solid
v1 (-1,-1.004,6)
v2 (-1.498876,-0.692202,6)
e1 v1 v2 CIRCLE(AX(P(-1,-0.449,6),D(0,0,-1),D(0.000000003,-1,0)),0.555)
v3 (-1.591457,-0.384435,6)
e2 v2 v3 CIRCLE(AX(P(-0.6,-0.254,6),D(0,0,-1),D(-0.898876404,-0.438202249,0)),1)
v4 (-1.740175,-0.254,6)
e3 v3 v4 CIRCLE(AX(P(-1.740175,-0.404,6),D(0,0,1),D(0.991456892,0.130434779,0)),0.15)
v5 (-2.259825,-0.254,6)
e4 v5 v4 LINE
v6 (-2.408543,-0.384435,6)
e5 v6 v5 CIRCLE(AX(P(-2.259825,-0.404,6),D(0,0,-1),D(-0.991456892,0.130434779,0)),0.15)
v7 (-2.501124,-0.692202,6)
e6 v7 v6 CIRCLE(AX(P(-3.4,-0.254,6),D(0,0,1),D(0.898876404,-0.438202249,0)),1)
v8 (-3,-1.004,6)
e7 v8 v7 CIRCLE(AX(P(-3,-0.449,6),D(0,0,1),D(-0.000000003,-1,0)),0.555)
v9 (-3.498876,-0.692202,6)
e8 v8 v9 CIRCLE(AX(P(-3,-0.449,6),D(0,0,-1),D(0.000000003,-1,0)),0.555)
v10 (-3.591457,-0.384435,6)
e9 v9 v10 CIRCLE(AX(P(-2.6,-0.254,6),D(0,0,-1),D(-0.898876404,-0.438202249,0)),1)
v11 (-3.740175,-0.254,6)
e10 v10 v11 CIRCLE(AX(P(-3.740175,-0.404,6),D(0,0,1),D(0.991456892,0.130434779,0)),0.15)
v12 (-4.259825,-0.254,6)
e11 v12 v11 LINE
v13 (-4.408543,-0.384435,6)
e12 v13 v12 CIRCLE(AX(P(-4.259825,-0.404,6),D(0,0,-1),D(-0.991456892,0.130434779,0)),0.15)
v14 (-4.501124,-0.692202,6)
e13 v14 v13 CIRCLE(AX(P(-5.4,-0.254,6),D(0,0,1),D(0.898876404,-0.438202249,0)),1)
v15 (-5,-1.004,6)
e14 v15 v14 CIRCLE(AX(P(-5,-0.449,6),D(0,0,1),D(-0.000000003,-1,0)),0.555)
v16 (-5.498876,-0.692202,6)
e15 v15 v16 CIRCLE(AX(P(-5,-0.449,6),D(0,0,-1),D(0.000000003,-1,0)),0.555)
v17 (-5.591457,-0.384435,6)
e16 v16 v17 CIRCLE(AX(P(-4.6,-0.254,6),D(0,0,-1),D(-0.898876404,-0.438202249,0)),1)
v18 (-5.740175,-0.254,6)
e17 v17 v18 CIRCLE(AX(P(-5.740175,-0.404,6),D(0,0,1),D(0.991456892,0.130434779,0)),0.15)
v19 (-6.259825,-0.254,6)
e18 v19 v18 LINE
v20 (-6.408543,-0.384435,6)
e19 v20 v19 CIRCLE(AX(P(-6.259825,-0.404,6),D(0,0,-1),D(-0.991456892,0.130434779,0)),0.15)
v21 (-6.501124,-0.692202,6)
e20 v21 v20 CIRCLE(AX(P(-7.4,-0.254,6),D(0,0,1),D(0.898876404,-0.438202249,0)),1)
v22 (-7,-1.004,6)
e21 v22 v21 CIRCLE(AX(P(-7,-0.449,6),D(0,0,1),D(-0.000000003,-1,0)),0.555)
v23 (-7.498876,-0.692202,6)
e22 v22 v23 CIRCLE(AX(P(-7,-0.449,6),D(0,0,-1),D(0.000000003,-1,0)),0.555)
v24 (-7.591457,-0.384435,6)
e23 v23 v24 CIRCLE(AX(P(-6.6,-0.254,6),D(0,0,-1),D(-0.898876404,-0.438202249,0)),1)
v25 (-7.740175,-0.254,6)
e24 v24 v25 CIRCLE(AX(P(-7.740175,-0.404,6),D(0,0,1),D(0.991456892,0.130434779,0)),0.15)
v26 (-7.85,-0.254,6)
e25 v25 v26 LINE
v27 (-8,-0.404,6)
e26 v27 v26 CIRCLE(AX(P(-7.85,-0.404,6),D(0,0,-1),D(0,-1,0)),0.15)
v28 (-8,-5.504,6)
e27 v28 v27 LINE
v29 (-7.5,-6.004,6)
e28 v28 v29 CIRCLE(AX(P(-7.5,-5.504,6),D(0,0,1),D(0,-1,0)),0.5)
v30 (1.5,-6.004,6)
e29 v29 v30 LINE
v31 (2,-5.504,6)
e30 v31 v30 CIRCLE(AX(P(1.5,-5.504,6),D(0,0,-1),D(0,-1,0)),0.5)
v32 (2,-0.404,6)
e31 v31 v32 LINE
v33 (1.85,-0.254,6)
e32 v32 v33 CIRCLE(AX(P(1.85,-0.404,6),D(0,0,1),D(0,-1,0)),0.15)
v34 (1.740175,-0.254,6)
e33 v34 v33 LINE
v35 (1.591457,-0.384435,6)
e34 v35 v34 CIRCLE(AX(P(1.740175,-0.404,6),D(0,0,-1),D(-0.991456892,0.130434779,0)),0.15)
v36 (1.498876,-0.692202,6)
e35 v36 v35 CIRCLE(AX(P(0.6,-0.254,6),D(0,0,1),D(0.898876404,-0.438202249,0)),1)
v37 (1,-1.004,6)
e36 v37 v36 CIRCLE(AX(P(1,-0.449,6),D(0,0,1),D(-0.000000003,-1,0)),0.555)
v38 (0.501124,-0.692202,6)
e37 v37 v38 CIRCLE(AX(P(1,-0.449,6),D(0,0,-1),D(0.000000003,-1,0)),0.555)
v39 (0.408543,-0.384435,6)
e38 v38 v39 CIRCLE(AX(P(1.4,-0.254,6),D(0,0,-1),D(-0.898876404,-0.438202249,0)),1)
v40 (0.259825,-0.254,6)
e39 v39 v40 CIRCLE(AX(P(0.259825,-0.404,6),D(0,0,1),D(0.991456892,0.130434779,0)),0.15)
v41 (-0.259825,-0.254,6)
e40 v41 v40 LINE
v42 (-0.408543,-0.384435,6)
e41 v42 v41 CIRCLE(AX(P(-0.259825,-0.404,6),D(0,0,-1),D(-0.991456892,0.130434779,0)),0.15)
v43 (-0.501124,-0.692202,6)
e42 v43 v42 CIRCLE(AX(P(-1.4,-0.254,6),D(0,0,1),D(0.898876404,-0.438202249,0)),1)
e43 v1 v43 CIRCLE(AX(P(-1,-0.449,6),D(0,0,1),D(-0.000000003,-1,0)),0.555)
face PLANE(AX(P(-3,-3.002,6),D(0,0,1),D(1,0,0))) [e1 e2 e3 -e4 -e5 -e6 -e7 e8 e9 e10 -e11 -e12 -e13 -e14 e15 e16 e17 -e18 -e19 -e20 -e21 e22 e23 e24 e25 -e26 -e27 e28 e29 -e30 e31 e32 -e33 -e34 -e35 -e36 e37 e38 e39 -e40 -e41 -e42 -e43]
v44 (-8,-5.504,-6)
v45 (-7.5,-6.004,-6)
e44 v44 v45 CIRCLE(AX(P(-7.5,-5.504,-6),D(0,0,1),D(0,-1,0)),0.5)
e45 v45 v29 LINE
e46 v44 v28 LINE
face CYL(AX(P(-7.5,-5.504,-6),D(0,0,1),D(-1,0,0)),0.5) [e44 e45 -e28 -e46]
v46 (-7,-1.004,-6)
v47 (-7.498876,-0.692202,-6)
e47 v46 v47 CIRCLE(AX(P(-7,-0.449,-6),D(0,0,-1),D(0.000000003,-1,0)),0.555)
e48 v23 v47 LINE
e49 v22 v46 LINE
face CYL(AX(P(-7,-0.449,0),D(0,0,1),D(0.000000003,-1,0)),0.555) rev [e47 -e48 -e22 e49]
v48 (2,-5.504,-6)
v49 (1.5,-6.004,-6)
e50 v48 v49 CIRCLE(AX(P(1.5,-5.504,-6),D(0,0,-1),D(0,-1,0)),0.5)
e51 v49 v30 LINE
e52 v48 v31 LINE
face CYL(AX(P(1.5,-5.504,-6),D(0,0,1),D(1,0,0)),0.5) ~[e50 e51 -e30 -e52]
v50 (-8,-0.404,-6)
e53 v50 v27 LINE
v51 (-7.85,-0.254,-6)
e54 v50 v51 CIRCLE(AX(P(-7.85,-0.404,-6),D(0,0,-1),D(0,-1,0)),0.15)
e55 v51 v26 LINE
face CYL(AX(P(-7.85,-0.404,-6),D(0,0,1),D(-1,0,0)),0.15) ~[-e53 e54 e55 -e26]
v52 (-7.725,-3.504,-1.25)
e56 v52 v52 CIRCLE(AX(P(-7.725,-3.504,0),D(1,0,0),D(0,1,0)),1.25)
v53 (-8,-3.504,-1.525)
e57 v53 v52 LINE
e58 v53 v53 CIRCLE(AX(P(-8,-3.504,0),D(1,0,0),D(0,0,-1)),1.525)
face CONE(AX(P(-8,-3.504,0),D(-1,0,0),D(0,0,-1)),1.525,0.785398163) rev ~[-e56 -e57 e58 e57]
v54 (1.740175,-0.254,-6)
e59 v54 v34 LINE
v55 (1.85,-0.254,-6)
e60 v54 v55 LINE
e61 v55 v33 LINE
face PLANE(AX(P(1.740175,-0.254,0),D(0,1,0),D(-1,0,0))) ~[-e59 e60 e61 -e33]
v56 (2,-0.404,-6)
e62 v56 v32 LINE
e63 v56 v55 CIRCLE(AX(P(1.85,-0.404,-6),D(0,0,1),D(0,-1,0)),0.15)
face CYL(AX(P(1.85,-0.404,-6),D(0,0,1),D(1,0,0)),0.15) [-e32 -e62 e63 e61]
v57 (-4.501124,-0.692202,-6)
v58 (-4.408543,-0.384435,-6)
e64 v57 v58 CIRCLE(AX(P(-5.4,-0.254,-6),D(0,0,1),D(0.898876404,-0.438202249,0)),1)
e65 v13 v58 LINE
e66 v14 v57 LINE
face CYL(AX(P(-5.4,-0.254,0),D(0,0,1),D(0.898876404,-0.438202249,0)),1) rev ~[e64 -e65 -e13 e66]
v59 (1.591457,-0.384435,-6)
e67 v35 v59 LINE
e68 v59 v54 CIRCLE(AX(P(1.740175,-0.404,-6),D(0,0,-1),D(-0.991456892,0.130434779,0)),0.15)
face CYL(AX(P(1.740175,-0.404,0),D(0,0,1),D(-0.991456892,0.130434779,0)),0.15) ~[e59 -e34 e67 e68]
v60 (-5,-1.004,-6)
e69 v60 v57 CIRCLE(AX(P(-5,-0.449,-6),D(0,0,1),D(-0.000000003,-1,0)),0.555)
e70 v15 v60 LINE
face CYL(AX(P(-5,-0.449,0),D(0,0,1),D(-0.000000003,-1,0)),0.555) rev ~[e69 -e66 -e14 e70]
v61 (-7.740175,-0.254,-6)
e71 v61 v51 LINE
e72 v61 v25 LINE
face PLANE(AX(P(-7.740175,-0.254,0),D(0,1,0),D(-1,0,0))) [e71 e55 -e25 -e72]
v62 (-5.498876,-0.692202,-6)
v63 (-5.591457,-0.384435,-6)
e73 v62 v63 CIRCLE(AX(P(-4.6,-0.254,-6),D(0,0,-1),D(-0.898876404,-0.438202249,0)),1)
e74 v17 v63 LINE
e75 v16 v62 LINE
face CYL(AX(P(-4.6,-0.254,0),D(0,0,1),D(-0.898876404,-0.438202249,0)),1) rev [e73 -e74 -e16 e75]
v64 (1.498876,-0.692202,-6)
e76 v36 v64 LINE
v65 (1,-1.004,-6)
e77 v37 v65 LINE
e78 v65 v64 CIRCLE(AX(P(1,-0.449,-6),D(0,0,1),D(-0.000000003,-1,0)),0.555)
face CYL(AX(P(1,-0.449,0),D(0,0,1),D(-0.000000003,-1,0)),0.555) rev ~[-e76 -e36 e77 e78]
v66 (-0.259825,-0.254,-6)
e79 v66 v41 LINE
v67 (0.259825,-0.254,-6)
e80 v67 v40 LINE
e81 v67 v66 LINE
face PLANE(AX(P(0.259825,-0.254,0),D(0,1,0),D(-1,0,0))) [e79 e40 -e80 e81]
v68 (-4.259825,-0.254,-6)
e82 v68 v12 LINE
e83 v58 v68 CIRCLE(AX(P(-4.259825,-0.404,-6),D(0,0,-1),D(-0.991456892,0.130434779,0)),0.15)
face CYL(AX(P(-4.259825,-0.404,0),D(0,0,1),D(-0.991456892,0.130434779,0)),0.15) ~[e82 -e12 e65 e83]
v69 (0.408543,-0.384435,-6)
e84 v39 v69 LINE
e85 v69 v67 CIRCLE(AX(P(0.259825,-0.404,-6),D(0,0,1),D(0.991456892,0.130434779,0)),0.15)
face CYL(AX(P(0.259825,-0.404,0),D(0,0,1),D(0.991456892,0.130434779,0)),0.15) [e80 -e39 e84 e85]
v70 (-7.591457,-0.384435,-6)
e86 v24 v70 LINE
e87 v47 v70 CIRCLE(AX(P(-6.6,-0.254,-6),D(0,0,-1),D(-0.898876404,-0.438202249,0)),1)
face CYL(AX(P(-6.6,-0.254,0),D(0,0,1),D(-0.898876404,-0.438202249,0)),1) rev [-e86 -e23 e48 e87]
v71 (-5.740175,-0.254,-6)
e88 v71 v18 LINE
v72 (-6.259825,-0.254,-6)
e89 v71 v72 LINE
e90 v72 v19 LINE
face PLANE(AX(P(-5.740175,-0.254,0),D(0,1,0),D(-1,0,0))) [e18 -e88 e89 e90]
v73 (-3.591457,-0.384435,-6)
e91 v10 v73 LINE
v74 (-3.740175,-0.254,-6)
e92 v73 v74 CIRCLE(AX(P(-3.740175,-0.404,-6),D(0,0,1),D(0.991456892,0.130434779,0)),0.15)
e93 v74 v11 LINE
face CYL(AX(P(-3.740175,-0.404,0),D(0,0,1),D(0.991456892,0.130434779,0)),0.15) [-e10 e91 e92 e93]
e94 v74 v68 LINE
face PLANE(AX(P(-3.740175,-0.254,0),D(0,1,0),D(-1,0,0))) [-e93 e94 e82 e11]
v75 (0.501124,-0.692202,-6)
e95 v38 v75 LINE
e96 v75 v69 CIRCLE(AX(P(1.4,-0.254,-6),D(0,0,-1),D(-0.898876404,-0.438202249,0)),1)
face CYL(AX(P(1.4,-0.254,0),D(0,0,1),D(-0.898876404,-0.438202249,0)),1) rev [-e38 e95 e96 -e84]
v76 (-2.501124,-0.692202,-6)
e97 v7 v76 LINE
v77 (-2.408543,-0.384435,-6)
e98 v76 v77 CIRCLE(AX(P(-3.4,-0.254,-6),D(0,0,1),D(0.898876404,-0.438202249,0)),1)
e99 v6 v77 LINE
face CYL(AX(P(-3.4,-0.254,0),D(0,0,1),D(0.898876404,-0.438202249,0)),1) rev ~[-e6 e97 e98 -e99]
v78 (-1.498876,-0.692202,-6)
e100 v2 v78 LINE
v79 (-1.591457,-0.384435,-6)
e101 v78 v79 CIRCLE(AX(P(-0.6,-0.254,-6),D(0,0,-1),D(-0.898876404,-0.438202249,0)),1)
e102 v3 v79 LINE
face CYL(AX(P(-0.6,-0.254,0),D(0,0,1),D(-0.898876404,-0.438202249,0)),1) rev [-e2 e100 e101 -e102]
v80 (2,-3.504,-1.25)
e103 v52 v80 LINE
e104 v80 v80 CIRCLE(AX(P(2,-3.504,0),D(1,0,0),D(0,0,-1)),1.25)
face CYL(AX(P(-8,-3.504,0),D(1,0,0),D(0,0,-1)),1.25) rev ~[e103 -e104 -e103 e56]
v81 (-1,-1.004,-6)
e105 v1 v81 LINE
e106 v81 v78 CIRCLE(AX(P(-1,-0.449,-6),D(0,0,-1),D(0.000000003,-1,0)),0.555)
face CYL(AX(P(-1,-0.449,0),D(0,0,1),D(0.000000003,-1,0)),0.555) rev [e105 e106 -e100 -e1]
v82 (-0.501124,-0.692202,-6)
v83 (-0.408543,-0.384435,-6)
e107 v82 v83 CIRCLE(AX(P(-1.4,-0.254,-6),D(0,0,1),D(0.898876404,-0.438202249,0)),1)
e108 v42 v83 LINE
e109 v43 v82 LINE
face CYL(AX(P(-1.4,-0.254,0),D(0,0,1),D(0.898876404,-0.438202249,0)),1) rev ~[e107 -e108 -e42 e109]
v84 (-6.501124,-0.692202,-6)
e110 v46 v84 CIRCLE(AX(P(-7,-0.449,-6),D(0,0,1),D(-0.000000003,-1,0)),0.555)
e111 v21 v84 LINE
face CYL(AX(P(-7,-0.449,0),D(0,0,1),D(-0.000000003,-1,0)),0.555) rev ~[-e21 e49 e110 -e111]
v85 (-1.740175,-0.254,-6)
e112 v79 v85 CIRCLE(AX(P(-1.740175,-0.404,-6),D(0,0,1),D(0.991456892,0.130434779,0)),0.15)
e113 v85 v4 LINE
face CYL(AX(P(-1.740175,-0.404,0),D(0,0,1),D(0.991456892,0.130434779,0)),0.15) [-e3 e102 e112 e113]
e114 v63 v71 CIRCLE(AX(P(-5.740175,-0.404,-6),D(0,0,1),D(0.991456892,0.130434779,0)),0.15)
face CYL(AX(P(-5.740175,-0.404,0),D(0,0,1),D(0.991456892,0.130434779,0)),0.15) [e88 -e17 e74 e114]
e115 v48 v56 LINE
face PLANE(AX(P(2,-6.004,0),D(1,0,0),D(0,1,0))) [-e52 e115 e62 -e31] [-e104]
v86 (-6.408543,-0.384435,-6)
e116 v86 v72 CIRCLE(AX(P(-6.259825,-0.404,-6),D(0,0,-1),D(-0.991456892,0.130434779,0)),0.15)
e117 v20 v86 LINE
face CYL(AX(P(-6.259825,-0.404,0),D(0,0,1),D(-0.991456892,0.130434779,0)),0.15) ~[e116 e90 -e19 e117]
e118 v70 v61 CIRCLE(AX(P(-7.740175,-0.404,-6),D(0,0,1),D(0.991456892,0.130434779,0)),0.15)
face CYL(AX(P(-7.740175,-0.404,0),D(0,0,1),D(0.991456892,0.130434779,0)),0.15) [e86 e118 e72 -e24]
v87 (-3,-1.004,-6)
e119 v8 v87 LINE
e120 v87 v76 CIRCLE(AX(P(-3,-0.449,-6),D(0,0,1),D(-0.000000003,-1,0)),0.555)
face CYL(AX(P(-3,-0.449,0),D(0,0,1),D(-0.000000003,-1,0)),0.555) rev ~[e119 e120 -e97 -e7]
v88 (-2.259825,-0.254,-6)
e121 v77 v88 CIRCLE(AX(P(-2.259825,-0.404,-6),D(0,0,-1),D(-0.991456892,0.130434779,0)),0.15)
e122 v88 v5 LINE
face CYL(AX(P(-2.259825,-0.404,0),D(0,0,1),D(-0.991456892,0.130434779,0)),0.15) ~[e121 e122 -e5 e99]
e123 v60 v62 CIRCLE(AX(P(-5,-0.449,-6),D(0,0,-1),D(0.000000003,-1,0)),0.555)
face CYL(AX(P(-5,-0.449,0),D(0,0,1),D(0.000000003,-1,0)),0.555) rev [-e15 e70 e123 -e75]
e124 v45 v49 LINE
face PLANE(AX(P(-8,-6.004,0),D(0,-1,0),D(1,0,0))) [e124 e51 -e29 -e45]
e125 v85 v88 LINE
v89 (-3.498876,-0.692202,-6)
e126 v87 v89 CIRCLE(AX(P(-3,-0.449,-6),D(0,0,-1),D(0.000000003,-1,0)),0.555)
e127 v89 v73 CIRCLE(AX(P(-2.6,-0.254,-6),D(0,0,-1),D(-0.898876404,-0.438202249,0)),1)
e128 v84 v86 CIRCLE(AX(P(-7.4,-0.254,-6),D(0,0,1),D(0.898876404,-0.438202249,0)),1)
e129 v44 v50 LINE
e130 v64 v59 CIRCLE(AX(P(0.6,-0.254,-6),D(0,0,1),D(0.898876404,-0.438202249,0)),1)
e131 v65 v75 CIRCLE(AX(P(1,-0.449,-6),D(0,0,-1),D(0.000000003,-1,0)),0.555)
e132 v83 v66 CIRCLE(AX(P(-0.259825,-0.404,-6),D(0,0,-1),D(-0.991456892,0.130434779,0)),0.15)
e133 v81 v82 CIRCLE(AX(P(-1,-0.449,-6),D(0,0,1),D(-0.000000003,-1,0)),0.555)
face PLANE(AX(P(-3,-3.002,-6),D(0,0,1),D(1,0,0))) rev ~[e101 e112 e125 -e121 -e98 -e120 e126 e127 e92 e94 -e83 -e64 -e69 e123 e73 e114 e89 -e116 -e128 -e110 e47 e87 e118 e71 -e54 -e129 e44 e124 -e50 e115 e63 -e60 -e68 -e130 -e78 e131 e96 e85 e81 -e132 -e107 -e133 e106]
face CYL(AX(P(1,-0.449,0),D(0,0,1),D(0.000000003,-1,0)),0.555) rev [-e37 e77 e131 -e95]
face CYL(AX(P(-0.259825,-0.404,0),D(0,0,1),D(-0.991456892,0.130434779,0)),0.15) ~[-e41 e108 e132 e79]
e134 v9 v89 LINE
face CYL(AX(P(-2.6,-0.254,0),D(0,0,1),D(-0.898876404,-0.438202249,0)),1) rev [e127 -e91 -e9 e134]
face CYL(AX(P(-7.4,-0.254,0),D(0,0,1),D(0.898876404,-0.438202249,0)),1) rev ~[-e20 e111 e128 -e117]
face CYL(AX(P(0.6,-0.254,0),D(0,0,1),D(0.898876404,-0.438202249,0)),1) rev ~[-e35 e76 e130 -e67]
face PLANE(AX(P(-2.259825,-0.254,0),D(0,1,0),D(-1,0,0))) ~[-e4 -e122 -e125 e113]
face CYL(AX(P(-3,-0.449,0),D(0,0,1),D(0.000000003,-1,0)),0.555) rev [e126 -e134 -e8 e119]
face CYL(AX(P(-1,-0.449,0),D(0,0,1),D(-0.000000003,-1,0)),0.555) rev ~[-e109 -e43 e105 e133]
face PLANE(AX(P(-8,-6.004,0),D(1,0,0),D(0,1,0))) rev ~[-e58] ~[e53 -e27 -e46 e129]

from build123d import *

# Parameters (mm, degrees)
BOSS_EXTRUDE1_DEPTH             = 6
LPATTERN1_COUNT                 = 5
LPATTERN1_PITCH                 = 2
SKETCH4_W                       = 10
SKETCH4_H                       = 6.004
BOSS_EXTRUDE3_DEPTH             = 6
M3X0_5_TAPPED_HOLE1_D           = 2.5
M3X0_5_TAPPED_HOLE1_CSINK_D     = 3.05
M3X0_5_TAPPED_HOLE1_CSINK_ANGLE = 90
FILLET1_R                       = 0.5
FILLET2_R                       = 0.15


with BuildPart() as part:
    # Sketch1 → Boss-Extrude1 (new, symmetric)
    with BuildSketch(Plane.XY):
        with BuildLine():
            Line((0, 0), (1, 0))
            Line((1, 0), (1, -1.004))
            ThreePointArc((1, -1.004), (0.705850588, -0.919639059), (0.501123596, -0.692202247))
            ThreePointArc((0.501123596, -0.692202247), (0.442388286, -0.542062154), (0.408543109, -0.384434783))
            ThreePointArc((0.408543109, -0.384434783), (0.358731646, -0.291228588), (0.259824575, -0.254))
            Line((0.259824575, -0.254), (0, -0.254))
            Line((0, -0.254), (0, 0))
        make_face()
    extrude(amount=BOSS_EXTRUDE1_DEPTH, both=True)

    # Mirror1: part across plane


with BuildPart() as part_1:
    add(part.part)
    add(part.part.mirror(Plane(origin=(1, 0, 6), x_dir=(0, 0, 1), z_dir=(-1, 0, 0))))


with BuildPart() as lpattern1_1:
    # LPattern1: pattern copy
    add(part_1.part.moved(Location(Vector(-1, 0, 0) * (1 * LPATTERN1_PITCH))))


with BuildPart() as lpattern1_2:
    # LPattern1: pattern copy
    add(part_1.part.moved(Location(Vector(-1, 0, 0) * (2 * LPATTERN1_PITCH))))


with BuildPart() as lpattern1_3:
    # LPattern1: pattern copy
    add(part_1.part.moved(Location(Vector(-1, 0, 0) * (3 * LPATTERN1_PITCH))))


with BuildPart() as lpattern1_4:
    # LPattern1: pattern copy
    add(part_1.part.moved(Location(Vector(-1, 0, 0) * (4 * LPATTERN1_PITCH))))


with BuildPart() as lpattern1_1_1:
    add(lpattern1_1.part)

    # Combine1: union LPattern1_4, part, LPattern1_3, LPattern1_2
    add(lpattern1_4.part)
    add(part_1.part)
    add(lpattern1_3.part)
    add(lpattern1_2.part)


with BuildPart() as body_2:
    # Sketch4 → Boss-Extrude3 (new, symmetric)
    with BuildSketch(Plane.XY):
        with Locations((-3, -3.002)):
            Rectangle(SKETCH4_W, SKETCH4_H)
    extrude(amount=BOSS_EXTRUDE3_DEPTH, both=True)

    # Combine2: cut LPattern1_1
    add(lpattern1_1_1.part, mode=Mode.SUBTRACT)

    # M3x0.5 Tapped Hole1 (through all)
    with Locations(Plane.ZY.offset(8)):
        with Locations((0, -3.504)):
            CounterSinkHole(M3X0_5_TAPPED_HOLE1_D / 2, M3X0_5_TAPPED_HOLE1_CSINK_D / 2, counter_sink_angle=M3X0_5_TAPPED_HOLE1_CSINK_ANGLE)

    # Fillet1
    fillet1_edges = [body_2.edges().sort_by_distance(p)[0] for p in [
        (2, -6.004, 0),
        (-8, -6.004, 0),
    ]]
    fillet(fillet1_edges, radius=FILLET1_R)

    # Fillet2
    fillet2_edges = [body_2.edges().sort_by_distance(p)[0] for p in [
        (-8, -0.254, 0),
        (2, -0.254, 0),
    ]]
    fillet(fillet2_edges, radius=FILLET2_R)


solid = body_2.part
